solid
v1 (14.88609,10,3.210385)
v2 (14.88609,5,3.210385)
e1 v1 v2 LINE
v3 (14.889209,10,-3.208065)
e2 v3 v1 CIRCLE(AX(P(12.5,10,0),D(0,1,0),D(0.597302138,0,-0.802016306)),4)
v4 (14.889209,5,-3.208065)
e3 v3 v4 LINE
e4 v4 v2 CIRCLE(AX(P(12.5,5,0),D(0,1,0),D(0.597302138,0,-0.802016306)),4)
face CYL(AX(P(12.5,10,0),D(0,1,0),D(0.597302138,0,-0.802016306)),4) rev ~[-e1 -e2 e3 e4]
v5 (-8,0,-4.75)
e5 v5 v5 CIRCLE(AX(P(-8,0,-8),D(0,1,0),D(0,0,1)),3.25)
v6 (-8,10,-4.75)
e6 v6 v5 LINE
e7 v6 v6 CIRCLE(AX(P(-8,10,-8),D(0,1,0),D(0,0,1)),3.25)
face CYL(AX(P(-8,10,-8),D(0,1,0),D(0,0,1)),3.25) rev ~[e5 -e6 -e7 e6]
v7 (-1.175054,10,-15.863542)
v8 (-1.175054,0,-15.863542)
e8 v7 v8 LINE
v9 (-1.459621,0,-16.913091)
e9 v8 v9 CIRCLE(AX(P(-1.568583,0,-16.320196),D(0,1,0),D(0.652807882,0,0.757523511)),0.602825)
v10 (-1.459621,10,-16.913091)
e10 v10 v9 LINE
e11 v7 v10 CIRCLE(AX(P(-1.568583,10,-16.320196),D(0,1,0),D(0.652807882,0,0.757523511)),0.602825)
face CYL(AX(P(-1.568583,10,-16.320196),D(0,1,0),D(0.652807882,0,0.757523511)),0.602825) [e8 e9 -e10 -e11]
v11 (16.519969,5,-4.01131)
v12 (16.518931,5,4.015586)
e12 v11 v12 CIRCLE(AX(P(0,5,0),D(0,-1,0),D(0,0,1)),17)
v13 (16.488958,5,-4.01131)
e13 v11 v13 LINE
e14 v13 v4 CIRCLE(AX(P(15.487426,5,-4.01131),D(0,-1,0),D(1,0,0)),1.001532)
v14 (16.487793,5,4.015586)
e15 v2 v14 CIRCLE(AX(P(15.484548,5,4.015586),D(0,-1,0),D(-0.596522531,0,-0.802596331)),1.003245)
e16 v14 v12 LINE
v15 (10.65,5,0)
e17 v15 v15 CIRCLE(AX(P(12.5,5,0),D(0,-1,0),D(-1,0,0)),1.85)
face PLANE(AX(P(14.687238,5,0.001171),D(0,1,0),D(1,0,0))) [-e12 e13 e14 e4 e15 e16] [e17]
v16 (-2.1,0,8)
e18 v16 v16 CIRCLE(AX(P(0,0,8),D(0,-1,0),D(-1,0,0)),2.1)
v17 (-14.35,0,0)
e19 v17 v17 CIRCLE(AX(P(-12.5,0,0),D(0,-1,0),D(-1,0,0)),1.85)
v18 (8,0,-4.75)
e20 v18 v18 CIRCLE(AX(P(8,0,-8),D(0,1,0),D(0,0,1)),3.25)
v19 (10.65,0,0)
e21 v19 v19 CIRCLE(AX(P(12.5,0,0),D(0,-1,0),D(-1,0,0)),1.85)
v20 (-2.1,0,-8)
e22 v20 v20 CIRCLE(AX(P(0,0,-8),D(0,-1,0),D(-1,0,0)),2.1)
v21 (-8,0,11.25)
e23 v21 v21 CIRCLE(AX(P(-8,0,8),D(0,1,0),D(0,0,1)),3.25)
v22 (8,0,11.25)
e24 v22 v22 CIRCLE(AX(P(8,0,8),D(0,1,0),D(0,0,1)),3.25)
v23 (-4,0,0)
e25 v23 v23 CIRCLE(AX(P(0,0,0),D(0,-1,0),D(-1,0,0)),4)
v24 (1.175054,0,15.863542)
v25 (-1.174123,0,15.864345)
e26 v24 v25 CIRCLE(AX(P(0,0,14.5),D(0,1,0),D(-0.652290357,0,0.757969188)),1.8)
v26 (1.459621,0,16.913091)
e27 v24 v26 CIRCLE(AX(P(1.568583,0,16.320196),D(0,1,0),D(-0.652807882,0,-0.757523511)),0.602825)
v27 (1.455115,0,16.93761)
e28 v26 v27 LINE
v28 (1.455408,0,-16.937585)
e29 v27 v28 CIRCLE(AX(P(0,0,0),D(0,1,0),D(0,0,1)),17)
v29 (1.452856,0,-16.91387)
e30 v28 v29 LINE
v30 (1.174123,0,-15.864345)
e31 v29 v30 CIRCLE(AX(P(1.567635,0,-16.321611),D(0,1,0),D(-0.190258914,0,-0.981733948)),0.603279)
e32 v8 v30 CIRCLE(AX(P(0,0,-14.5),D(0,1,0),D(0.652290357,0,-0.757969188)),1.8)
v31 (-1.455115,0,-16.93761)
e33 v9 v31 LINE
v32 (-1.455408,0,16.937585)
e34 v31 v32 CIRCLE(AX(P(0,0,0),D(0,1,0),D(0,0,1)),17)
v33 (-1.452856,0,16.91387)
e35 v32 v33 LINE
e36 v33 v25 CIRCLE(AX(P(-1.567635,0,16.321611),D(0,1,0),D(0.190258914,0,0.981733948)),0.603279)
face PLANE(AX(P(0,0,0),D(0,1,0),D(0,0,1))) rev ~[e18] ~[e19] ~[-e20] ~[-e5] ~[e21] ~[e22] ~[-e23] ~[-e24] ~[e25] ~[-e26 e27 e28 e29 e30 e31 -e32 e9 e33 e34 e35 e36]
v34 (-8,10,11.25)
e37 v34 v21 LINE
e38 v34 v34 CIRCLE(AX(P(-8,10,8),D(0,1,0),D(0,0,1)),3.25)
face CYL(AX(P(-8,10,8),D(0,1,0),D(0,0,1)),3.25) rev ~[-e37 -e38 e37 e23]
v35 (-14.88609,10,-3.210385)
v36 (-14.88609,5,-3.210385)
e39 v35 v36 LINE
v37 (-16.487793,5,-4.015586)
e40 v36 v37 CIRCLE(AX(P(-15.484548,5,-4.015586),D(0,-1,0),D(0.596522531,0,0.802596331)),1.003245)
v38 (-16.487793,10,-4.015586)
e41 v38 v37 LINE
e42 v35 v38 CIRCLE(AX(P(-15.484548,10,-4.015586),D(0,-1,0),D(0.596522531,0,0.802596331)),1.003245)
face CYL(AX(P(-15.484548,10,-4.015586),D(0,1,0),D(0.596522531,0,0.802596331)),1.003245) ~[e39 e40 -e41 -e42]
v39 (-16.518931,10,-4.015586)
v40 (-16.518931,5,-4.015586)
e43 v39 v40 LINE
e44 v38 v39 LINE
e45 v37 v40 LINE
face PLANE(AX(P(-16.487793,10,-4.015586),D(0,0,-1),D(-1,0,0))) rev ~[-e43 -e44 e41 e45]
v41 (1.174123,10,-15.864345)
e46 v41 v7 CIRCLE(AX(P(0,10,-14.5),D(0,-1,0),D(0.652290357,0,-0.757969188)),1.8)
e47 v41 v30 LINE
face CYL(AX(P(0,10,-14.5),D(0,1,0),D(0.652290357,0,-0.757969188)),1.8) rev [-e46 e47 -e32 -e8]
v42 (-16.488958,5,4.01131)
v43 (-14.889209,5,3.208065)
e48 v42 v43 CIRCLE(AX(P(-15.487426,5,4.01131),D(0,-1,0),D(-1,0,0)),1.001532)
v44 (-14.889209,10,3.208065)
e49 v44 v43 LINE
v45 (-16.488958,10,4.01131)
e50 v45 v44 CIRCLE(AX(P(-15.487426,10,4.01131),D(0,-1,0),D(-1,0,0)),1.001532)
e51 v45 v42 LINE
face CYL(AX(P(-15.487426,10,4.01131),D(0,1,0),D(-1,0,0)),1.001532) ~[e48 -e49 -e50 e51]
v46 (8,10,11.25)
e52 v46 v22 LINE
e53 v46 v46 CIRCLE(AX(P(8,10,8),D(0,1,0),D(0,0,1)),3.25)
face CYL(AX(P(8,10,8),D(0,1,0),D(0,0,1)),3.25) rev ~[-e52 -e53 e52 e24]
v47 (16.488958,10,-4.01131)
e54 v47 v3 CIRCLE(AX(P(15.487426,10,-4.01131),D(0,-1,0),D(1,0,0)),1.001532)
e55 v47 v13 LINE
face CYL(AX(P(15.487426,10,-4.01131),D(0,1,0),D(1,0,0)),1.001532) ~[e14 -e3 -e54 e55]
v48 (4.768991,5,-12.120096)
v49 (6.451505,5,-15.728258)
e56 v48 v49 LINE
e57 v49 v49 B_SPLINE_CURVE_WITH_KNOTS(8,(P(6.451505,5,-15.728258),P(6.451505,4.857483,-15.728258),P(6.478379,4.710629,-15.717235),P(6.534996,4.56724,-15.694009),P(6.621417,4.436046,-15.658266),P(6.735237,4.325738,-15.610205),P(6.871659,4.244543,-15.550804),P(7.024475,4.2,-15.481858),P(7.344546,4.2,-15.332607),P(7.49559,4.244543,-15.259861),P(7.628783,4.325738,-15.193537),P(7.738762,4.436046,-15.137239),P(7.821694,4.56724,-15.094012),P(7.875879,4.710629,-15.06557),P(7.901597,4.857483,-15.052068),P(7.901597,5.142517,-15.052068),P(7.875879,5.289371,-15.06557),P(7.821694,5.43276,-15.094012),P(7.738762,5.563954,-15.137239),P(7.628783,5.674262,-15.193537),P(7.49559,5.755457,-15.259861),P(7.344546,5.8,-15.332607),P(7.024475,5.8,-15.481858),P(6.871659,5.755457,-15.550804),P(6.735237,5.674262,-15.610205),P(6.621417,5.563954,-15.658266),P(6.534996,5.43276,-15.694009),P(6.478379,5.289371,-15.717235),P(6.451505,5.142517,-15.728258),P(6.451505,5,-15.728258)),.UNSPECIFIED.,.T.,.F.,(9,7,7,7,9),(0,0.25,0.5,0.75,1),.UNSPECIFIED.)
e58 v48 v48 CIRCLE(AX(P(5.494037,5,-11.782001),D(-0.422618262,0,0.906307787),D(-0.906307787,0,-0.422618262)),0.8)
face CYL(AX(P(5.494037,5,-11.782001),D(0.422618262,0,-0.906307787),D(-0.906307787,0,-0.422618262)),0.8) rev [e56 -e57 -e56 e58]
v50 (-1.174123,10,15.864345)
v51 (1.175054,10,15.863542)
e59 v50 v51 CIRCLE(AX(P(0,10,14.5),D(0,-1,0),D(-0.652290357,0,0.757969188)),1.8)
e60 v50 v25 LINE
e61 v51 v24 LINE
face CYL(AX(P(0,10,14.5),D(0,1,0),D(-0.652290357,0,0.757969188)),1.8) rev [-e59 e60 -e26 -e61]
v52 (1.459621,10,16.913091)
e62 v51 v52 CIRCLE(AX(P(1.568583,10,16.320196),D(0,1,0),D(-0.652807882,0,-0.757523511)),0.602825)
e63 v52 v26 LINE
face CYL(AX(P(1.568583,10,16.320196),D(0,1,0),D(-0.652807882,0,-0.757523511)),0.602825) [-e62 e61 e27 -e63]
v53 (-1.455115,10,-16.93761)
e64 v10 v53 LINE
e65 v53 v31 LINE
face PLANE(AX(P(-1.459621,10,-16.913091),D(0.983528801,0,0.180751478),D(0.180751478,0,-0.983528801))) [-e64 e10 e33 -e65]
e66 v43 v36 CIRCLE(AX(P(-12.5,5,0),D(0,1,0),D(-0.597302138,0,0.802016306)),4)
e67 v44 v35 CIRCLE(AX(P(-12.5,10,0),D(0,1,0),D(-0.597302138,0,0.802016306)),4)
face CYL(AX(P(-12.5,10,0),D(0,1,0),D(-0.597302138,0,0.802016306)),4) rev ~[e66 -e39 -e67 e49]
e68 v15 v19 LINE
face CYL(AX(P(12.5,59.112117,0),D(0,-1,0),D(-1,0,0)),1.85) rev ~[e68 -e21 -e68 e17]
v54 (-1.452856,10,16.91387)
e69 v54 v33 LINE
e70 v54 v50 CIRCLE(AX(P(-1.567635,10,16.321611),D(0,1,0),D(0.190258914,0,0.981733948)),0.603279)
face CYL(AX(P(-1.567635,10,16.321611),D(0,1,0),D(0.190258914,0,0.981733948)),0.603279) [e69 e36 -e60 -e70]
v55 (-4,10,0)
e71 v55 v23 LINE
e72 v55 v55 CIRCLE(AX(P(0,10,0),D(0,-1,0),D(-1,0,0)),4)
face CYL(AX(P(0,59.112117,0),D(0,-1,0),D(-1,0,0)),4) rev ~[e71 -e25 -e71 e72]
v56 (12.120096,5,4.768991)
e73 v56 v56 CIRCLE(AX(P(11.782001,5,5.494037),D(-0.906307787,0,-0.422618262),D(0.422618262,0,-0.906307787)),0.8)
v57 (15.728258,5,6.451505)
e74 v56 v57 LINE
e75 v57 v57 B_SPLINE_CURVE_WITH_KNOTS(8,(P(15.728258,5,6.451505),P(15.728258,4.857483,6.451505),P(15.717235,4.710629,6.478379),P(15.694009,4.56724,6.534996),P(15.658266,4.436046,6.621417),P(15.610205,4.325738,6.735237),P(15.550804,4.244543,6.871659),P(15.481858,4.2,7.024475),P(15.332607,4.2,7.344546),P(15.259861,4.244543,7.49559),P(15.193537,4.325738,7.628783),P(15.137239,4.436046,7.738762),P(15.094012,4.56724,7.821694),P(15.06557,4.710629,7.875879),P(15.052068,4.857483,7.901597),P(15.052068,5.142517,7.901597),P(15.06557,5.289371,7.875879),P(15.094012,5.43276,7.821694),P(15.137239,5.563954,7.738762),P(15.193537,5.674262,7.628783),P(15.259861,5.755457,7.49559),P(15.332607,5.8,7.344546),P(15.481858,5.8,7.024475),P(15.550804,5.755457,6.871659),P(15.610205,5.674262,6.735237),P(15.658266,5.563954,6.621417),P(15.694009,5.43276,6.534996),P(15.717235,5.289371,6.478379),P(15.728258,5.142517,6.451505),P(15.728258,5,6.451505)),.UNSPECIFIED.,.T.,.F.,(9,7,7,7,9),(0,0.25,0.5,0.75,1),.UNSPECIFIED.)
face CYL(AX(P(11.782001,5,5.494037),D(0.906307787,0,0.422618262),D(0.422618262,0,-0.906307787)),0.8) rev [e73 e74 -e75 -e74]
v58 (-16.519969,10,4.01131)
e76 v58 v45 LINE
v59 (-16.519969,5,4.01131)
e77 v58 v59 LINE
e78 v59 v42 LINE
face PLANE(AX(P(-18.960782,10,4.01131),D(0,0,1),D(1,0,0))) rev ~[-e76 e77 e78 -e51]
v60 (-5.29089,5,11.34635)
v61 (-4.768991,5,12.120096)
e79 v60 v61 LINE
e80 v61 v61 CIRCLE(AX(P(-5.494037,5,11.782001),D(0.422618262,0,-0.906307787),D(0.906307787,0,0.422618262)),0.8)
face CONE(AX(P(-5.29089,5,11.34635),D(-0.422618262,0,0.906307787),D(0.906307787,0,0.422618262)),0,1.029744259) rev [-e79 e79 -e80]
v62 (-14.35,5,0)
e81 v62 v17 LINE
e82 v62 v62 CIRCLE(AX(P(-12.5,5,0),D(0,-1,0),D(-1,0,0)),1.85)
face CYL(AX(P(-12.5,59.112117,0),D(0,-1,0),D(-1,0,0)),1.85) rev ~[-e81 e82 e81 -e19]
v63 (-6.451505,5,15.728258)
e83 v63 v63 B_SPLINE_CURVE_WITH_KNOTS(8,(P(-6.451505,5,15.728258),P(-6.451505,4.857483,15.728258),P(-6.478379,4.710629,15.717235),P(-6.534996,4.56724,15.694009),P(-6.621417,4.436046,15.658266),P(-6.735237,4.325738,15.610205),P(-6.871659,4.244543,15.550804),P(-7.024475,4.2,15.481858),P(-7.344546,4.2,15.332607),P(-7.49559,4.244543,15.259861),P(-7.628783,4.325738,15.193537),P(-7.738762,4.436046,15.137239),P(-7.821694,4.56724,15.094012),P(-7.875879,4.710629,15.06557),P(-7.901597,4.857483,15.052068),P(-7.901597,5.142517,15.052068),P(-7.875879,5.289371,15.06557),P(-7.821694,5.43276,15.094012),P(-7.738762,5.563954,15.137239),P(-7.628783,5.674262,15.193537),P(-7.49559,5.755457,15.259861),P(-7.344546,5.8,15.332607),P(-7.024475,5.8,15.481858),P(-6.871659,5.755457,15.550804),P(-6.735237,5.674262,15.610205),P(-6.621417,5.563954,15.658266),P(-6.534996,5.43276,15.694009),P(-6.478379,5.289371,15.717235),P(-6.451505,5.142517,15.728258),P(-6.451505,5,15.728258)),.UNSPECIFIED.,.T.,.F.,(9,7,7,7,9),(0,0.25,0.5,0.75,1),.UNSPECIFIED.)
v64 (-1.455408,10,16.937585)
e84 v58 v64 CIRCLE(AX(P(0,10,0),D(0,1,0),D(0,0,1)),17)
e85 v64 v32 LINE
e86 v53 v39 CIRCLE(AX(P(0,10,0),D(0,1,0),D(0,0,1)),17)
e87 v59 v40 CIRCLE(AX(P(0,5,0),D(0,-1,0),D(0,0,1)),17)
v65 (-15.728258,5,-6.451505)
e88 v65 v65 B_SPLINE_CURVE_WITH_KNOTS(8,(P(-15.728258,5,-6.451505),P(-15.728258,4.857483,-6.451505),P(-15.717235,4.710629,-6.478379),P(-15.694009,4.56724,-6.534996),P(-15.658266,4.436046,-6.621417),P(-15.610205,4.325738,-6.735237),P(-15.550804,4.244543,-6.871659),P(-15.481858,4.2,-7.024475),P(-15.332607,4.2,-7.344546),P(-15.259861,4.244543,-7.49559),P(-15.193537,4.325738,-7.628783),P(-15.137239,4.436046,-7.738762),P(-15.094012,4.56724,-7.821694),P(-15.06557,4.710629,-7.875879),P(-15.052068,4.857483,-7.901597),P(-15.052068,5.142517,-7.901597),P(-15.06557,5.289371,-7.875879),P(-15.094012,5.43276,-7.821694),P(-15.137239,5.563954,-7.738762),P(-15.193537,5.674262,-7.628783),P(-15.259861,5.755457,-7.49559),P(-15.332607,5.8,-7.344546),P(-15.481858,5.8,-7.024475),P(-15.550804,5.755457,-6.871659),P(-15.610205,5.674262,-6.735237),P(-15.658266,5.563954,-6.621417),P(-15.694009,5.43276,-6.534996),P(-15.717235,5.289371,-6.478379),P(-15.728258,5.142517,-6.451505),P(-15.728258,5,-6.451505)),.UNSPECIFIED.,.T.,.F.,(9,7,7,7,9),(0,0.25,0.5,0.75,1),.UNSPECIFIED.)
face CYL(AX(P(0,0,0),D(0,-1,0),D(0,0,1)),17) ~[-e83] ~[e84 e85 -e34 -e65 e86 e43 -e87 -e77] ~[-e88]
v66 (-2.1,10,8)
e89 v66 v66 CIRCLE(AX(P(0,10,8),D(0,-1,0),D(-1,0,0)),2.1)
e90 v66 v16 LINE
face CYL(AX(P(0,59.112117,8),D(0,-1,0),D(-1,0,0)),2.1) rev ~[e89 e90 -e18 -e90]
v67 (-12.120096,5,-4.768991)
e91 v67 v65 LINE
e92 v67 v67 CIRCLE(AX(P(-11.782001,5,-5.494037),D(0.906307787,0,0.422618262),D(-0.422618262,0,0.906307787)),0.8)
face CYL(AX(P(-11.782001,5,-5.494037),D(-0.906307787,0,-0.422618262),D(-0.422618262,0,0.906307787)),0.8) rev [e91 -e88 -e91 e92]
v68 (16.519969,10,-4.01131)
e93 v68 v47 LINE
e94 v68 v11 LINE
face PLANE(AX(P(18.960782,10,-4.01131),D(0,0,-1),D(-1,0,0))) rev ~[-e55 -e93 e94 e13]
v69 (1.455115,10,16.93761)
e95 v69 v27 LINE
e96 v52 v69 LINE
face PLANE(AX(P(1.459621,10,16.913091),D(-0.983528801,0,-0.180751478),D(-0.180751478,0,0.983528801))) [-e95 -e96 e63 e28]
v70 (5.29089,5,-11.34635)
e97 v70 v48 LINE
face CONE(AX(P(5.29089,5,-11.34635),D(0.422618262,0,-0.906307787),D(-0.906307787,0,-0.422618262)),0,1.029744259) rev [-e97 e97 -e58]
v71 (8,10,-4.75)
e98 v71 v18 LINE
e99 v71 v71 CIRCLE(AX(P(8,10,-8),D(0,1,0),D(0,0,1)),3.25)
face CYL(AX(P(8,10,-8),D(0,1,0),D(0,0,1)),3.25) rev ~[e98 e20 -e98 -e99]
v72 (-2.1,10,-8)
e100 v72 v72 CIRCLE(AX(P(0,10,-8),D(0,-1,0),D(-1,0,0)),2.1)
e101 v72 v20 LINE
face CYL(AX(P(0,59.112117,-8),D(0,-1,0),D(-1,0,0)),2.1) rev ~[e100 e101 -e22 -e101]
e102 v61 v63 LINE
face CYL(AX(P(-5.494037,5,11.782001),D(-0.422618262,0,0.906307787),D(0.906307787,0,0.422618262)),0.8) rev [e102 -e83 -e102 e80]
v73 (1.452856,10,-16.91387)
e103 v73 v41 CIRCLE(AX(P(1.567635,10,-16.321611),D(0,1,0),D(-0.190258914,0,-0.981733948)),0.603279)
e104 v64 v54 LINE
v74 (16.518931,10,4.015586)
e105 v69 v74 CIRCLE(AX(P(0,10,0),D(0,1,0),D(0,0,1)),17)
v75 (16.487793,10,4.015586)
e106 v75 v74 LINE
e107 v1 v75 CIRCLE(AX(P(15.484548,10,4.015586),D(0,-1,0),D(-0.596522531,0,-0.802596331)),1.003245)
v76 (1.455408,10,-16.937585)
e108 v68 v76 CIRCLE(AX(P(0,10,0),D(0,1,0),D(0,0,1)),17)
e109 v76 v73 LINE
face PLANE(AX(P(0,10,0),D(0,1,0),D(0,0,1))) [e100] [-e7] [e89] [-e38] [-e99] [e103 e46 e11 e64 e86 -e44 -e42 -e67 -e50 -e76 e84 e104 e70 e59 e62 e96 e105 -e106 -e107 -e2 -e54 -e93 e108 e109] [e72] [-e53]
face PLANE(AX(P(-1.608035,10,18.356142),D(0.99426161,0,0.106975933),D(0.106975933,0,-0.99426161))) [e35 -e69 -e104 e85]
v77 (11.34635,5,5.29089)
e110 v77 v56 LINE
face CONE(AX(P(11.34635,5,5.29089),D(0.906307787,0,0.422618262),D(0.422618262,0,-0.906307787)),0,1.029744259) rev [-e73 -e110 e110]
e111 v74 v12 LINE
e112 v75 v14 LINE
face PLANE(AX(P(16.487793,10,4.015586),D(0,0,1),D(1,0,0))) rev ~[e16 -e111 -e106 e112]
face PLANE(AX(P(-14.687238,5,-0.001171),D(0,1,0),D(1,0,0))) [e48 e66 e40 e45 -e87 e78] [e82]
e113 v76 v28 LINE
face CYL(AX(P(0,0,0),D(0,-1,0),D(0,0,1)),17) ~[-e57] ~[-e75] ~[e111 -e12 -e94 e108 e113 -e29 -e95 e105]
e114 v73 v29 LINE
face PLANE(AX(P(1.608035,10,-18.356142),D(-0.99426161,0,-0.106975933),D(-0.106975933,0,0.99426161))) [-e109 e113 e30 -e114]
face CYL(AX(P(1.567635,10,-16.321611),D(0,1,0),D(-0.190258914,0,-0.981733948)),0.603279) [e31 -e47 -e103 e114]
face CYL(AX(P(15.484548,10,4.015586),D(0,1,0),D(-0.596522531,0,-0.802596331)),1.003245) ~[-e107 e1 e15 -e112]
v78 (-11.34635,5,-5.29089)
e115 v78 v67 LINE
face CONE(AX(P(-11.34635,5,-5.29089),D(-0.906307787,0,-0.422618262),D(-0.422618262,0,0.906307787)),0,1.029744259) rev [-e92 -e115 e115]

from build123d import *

# Parameters (mm, degrees)
SKETCH1_R                  = 17
BOSS_EXTRUDE1_DEPTH        = 10
F_3_7_3_7_DIAMETER_HOLE1_D = 3.7
M5_TAPPED_HOLE1_D          = 4.2
F_12_0_12_DIAMETER_HOLE1_D = 8
CUT_EXTRUDE3_DEPTH         = 5
CIRPATTERN1_COUNT          = 4
SKETCH21_R                 = 3.25
CUT_EXTRUDE4_DEPTH         = 27.038433302
CUT_EXTRUDE5_DEPTH         = 27.038433302


with BuildPart() as part:
    # Sketch1 → Boss-Extrude1 (new body)
    with BuildSketch(Plane(origin=(0, 0, 0), x_dir=(1, 0, 0), z_dir=(0, 1, 0))):
        with Locations(Location((0, 0, 0), (0, 0, 270))):
            Circle(SKETCH1_R)
    extrude(amount=BOSS_EXTRUDE1_DEPTH)

    # Ø3.7 (3.7) Diameter Hole1 (through all)
    with Locations(Plane(origin=(0, 10, 0), x_dir=(1, 0, 0), z_dir=(0, 1, 0))):
        with Locations((-12.5, 0), (12.5, 0)):
            Hole(F_3_7_3_7_DIAMETER_HOLE1_D / 2)

    # M5 Tapped Hole1 (through all)
    with Locations(Plane(origin=(0, 10, 0), x_dir=(1, 0, 0), z_dir=(0, 1, 0))):
        with Locations((0, 8), (0, -8)):
            Hole(M5_TAPPED_HOLE1_D / 2)

    # Ø12.0 (12) Diameter Hole1 (through all)
    with Locations(Plane(origin=(0, 10, 0), x_dir=(1, 0, 0), z_dir=(0, 1, 0))):
        with Locations((0, 0)):
            Hole(F_12_0_12_DIAMETER_HOLE1_D / 2)

    # Sketch16 → Cut-Extrude3 (cut)
    with BuildSketch(Plane(origin=(0, 10, 0), x_dir=(1, 0, 0), z_dir=(0, 1, 0))):
        with BuildLine():
            Line((-16.487793391, 4.015586089), (-18.960782116, 4.015586089))
            Line((-18.960782116, 4.015586089), (-18.960782116, -4.01131039))
            Line((-18.960782116, -4.01131039), (-16.488958096, -4.01131039))
            ThreePointArc((-16.488958096, -4.01131039), (-15.936832629, -3.116268297), (-14.889208553, -3.208065225))
            ThreePointArc((-14.889208553, -3.208065225), (-8.500000472, -0.001943416), (-14.886090124, 3.210385323))
            ThreePointArc((-14.886090124, 3.210385323), (-15.935159239, 3.119232137), (-16.487793391, 4.015586089))
        make_face()
        with BuildLine():
            Line((16.487793391, -4.015586089), (18.960782116, -4.015586089))
            Line((18.960782116, -4.015586089), (18.960782116, 4.01131039))
            Line((18.960782116, 4.01131039), (16.488958096, 4.01131039))
            ThreePointArc((16.488958096, 4.01131039), (15.936832629, 3.116268297), (14.889208553, 3.208065225))
            ThreePointArc((14.889208553, 3.208065225), (8.500000472, 0.001943416), (14.886090124, -3.210385323))
            ThreePointArc((14.886090124, -3.210385323), (15.935159239, -3.119232137), (16.487793391, -4.015586089))
        make_face()
    extrude(amount=-CUT_EXTRUDE3_DEPTH, mode=Mode.SUBTRACT)

    # Sketch18 → M2 Tapped Hole1 (revolve, cut)
    with BuildSketch(Plane(origin=(15.40723238, 5, 7.18451045), x_dir=(0.42261826174070016, 0, -0.9063077870366497), z_dir=(0, 1, 0))):
        Polygon((0, 0), (0, 4.480688495), (0.8, 4), (0.8, 0), align=None)
    m2_tapped_hole1 = revolve(axis=Axis((21.162286827, 5, 9.868136412), (-0.9063077870366497, 0, -0.42261826174070016)), mode=Mode.SUBTRACT)

    # CirPattern1: M2 Tapped Hole1 ×4 about axis
    cirpattern1_axis = Axis((0, 0, 0), (0, 1, 0))
    for i in range(1, CIRPATTERN1_COUNT):
        add(m2_tapped_hole1.rotate(cirpattern1_axis, i * 360 / CIRPATTERN1_COUNT), mode=Mode.SUBTRACT)

    # Sketch21 → Cut-Extrude4 (cut, through all)
    with BuildSketch(Plane(origin=(0, 10, 0), x_dir=(1, 0, 0), z_dir=(0, 1, 0))):
        with Locations(Location((-8, 8, 0), (0, 0, 270))):
            Circle(SKETCH21_R)
        with Locations(Location((8, 8, 0), (0, 0, 270))):
            Circle(SKETCH21_R)
        with Locations(Location((8, -8, 0), (0, 0, 270))):
            Circle(SKETCH21_R)
        with Locations(Location((-8, -8, 0), (0, 0, 270))):
            Circle(SKETCH21_R)
    extrude(amount=-CUT_EXTRUDE4_DEPTH, mode=Mode.SUBTRACT)

    # Sketch14 → Cut-Extrude5 (cut, through all)
    with BuildSketch(Plane(origin=(0, 10, 0), x_dir=(1, 0, 0), z_dir=(0, 1, 0))):
        with BuildLine():
            Line((-1.459621356, 16.913091325), (-1.166781334, 18.506531105))
            Line((-1.166781334, 18.506531105), (1.608035184, 18.356142043))
            Line((1.608035184, 18.356142043), (1.452856339, 16.913870267))
            ThreePointArc((1.452856339, 16.913870267), (0.984569232, 16.476462251), (1.174122642, 15.864344539))
            ThreePointArc((1.174122642, 15.864344539), (0.000614681, 12.700000105), (-1.175054186, 15.86354232))
            ThreePointArc((-1.175054186, 15.86354232), (-0.986764651, 16.477946041), (-1.459621356, 16.913091325))
        make_face()
        with BuildLine():
            Line((1.459621356, -16.913091325), (1.166781334, -18.506531105))
            Line((1.166781334, -18.506531105), (-1.608035184, -18.356142043))
            Line((-1.608035184, -18.356142043), (-1.452856339, -16.913870267))
            ThreePointArc((-1.452856339, -16.913870267), (-0.984569232, -16.476462251), (-1.174122642, -15.864344539))
            ThreePointArc((-1.174122642, -15.864344539), (-0.000614681, -12.700000105), (1.175054186, -15.86354232))
            ThreePointArc((1.175054186, -15.86354232), (0.986764651, -16.477946041), (1.459621356, -16.913091325))
        make_face()
    extrude(amount=-CUT_EXTRUDE5_DEPTH, mode=Mode.SUBTRACT)


solid = part.part
